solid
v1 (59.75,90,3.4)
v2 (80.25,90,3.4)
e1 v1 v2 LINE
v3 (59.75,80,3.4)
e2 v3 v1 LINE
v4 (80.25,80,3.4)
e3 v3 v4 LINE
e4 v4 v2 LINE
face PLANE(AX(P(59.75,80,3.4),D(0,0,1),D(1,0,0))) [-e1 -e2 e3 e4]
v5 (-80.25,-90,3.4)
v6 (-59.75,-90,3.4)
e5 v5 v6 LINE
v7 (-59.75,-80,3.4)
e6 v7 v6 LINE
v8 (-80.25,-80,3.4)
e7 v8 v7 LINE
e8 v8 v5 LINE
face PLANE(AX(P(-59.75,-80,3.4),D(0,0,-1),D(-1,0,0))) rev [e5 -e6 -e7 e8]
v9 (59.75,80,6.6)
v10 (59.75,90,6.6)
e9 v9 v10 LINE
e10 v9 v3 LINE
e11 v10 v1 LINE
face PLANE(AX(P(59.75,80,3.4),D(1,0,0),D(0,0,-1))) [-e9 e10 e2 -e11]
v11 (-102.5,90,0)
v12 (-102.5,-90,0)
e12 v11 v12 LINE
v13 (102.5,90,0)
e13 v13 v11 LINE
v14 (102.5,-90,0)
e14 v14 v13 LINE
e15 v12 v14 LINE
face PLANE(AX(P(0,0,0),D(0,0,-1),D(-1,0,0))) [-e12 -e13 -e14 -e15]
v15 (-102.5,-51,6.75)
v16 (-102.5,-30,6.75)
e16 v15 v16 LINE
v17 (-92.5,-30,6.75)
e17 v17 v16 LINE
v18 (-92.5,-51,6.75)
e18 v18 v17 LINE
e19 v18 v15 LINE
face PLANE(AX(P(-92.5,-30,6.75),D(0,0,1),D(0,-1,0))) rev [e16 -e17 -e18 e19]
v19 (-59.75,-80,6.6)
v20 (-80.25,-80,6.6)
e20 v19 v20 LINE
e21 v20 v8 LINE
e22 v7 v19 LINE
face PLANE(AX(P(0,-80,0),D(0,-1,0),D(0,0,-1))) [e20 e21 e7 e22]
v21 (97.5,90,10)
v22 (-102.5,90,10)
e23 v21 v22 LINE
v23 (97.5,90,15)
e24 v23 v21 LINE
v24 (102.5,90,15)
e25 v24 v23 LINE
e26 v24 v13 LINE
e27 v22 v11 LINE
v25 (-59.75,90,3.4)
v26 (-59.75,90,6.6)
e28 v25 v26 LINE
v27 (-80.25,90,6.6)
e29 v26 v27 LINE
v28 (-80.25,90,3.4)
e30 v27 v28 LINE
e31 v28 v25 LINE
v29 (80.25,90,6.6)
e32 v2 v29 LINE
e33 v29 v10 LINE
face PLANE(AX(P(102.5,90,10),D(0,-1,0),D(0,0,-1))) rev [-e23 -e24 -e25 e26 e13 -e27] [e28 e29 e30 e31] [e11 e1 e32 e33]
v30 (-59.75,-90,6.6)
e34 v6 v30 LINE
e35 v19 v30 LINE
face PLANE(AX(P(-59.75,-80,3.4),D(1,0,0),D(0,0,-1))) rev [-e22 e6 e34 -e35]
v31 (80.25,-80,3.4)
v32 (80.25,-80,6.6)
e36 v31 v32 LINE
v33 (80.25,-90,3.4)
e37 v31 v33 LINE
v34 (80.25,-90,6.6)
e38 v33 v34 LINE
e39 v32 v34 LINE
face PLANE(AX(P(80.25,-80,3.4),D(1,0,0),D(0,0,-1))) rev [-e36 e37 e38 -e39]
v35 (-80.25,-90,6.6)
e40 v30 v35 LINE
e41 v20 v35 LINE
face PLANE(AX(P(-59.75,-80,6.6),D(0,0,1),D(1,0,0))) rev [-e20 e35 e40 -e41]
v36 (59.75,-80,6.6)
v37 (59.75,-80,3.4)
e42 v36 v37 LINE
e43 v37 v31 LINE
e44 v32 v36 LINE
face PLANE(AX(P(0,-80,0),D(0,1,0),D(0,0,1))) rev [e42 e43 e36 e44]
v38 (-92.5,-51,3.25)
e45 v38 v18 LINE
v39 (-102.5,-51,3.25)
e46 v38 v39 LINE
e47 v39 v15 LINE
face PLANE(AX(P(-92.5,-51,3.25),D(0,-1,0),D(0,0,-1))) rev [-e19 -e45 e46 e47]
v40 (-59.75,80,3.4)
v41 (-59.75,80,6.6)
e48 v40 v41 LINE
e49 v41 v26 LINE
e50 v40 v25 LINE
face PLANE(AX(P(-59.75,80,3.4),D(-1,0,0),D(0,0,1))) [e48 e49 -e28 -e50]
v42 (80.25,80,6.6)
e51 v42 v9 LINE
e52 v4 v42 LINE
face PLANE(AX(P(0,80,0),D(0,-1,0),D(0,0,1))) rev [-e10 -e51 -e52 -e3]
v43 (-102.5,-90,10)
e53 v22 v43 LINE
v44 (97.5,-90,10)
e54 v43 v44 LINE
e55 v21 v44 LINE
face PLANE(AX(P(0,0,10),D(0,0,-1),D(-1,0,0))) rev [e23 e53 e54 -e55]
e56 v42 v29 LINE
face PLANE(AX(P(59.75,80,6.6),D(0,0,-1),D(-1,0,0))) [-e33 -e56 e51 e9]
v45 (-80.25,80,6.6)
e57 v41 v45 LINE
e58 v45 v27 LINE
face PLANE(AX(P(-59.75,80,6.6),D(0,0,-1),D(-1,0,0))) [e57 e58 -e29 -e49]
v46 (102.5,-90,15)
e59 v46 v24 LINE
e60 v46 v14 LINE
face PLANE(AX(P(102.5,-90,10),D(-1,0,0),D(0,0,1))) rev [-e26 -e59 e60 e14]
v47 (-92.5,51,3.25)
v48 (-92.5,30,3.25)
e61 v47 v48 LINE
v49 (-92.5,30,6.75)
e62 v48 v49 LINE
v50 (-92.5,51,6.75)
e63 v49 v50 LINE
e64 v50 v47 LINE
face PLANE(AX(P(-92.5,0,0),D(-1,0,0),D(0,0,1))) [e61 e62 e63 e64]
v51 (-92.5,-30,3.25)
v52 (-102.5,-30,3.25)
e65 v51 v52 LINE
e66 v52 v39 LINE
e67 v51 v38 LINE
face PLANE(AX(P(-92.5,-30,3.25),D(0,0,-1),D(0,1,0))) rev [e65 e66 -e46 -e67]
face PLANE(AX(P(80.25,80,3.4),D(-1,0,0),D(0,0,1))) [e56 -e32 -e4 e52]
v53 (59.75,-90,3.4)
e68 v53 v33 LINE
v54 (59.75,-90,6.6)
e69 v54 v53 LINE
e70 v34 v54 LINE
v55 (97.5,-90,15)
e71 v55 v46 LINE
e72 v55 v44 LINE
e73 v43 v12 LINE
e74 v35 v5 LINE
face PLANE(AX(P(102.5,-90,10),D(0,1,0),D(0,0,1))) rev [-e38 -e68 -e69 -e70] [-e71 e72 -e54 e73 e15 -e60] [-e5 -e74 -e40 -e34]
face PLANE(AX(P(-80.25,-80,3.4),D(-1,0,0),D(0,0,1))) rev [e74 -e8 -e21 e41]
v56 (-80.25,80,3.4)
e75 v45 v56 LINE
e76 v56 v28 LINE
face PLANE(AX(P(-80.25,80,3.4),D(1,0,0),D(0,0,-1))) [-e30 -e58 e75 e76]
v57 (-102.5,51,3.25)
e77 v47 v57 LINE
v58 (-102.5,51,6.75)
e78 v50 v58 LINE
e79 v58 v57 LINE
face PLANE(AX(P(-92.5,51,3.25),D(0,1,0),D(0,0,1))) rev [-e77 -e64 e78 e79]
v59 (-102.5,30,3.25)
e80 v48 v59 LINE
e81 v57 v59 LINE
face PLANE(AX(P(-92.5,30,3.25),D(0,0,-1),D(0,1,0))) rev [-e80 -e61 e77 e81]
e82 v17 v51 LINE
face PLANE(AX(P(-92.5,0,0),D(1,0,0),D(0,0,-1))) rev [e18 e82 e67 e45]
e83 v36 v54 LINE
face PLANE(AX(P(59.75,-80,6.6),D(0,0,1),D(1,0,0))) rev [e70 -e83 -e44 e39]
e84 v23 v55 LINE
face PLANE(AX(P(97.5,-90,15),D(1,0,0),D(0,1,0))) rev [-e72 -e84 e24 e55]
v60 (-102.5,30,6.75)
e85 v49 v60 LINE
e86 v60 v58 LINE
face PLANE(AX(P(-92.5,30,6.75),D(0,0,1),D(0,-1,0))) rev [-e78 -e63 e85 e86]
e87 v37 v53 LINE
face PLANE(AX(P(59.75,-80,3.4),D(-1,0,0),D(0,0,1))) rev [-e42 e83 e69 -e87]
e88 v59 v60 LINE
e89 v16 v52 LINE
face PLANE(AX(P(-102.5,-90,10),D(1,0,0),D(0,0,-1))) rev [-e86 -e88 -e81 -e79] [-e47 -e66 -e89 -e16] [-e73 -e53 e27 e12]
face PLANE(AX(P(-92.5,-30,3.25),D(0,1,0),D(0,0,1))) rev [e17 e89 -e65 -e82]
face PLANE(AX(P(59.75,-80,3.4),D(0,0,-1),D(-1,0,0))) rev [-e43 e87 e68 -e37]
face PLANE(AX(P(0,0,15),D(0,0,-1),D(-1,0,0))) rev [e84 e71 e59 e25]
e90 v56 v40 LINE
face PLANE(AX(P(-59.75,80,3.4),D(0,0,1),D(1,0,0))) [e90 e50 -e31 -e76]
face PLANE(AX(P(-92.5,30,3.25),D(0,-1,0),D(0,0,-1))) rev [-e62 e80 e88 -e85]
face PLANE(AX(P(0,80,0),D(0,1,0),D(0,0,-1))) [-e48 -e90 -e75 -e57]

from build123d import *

# Parameters (mm, degrees)
SKETCH1_W           = 180
SKETCH1_H           = 205
BOSS_EXTRUDE1_DEPTH = 10
SKETCH2_W           = 5
SKETCH2_H           = 180
BOSS_EXTRUDE2_DEPTH = 5
SKETCH5_W           = 21
SKETCH5_H           = 3.5
CUT_EXTRUDE3_DEPTH  = 10
SKETCH6_W           = 20.5
SKETCH6_H           = 3.2
CUT_EXTRUDE4_DEPTH  = 10


with BuildPart() as part:
    # Sketch1 → Boss-Extrude1 (new body)
    with BuildSketch(Plane(origin=(0, 0, 0), x_dir=(0, 1, 0), z_dir=(0, 0, 1))):
        Rectangle(SKETCH1_W, SKETCH1_H)
    extrude(amount=BOSS_EXTRUDE1_DEPTH)

    # Sketch2 → Boss-Extrude2 (add)
    with BuildSketch(Plane.XY.offset(10)):
        with Locations((100, 0)):
            Rectangle(SKETCH2_W, SKETCH2_H)
    extrude(amount=BOSS_EXTRUDE2_DEPTH)

    # Sketch5 → Cut-Extrude3 (cut)
    with BuildSketch(Plane(origin=(-102.5, 0, 0), x_dir=(0, -1, 0), z_dir=(-1, 0, 0))):
        with Locations((-40.5, 5)):
            Rectangle(SKETCH5_W, SKETCH5_H)
        with Locations((40.5, 5)):
            Rectangle(SKETCH5_W, SKETCH5_H)
    extrude(amount=-CUT_EXTRUDE3_DEPTH, mode=Mode.SUBTRACT)

    # Sketch6 → Cut-Extrude4 (cut)
    with BuildSketch(Plane.XZ.offset(90)):
        with Locations((70, 5)):
            Rectangle(SKETCH6_W, SKETCH6_H)
        with Locations((-70, 5)):
            Rectangle(SKETCH6_W, SKETCH6_H)
    cut_extrude4 = extrude(amount=-CUT_EXTRUDE4_DEPTH, mode=Mode.SUBTRACT)

    # Mirror1: Cut-Extrude4 across plane
    add(cut_extrude4.mirror(Plane.ZX), mode=Mode.SUBTRACT)


solid = part.part
